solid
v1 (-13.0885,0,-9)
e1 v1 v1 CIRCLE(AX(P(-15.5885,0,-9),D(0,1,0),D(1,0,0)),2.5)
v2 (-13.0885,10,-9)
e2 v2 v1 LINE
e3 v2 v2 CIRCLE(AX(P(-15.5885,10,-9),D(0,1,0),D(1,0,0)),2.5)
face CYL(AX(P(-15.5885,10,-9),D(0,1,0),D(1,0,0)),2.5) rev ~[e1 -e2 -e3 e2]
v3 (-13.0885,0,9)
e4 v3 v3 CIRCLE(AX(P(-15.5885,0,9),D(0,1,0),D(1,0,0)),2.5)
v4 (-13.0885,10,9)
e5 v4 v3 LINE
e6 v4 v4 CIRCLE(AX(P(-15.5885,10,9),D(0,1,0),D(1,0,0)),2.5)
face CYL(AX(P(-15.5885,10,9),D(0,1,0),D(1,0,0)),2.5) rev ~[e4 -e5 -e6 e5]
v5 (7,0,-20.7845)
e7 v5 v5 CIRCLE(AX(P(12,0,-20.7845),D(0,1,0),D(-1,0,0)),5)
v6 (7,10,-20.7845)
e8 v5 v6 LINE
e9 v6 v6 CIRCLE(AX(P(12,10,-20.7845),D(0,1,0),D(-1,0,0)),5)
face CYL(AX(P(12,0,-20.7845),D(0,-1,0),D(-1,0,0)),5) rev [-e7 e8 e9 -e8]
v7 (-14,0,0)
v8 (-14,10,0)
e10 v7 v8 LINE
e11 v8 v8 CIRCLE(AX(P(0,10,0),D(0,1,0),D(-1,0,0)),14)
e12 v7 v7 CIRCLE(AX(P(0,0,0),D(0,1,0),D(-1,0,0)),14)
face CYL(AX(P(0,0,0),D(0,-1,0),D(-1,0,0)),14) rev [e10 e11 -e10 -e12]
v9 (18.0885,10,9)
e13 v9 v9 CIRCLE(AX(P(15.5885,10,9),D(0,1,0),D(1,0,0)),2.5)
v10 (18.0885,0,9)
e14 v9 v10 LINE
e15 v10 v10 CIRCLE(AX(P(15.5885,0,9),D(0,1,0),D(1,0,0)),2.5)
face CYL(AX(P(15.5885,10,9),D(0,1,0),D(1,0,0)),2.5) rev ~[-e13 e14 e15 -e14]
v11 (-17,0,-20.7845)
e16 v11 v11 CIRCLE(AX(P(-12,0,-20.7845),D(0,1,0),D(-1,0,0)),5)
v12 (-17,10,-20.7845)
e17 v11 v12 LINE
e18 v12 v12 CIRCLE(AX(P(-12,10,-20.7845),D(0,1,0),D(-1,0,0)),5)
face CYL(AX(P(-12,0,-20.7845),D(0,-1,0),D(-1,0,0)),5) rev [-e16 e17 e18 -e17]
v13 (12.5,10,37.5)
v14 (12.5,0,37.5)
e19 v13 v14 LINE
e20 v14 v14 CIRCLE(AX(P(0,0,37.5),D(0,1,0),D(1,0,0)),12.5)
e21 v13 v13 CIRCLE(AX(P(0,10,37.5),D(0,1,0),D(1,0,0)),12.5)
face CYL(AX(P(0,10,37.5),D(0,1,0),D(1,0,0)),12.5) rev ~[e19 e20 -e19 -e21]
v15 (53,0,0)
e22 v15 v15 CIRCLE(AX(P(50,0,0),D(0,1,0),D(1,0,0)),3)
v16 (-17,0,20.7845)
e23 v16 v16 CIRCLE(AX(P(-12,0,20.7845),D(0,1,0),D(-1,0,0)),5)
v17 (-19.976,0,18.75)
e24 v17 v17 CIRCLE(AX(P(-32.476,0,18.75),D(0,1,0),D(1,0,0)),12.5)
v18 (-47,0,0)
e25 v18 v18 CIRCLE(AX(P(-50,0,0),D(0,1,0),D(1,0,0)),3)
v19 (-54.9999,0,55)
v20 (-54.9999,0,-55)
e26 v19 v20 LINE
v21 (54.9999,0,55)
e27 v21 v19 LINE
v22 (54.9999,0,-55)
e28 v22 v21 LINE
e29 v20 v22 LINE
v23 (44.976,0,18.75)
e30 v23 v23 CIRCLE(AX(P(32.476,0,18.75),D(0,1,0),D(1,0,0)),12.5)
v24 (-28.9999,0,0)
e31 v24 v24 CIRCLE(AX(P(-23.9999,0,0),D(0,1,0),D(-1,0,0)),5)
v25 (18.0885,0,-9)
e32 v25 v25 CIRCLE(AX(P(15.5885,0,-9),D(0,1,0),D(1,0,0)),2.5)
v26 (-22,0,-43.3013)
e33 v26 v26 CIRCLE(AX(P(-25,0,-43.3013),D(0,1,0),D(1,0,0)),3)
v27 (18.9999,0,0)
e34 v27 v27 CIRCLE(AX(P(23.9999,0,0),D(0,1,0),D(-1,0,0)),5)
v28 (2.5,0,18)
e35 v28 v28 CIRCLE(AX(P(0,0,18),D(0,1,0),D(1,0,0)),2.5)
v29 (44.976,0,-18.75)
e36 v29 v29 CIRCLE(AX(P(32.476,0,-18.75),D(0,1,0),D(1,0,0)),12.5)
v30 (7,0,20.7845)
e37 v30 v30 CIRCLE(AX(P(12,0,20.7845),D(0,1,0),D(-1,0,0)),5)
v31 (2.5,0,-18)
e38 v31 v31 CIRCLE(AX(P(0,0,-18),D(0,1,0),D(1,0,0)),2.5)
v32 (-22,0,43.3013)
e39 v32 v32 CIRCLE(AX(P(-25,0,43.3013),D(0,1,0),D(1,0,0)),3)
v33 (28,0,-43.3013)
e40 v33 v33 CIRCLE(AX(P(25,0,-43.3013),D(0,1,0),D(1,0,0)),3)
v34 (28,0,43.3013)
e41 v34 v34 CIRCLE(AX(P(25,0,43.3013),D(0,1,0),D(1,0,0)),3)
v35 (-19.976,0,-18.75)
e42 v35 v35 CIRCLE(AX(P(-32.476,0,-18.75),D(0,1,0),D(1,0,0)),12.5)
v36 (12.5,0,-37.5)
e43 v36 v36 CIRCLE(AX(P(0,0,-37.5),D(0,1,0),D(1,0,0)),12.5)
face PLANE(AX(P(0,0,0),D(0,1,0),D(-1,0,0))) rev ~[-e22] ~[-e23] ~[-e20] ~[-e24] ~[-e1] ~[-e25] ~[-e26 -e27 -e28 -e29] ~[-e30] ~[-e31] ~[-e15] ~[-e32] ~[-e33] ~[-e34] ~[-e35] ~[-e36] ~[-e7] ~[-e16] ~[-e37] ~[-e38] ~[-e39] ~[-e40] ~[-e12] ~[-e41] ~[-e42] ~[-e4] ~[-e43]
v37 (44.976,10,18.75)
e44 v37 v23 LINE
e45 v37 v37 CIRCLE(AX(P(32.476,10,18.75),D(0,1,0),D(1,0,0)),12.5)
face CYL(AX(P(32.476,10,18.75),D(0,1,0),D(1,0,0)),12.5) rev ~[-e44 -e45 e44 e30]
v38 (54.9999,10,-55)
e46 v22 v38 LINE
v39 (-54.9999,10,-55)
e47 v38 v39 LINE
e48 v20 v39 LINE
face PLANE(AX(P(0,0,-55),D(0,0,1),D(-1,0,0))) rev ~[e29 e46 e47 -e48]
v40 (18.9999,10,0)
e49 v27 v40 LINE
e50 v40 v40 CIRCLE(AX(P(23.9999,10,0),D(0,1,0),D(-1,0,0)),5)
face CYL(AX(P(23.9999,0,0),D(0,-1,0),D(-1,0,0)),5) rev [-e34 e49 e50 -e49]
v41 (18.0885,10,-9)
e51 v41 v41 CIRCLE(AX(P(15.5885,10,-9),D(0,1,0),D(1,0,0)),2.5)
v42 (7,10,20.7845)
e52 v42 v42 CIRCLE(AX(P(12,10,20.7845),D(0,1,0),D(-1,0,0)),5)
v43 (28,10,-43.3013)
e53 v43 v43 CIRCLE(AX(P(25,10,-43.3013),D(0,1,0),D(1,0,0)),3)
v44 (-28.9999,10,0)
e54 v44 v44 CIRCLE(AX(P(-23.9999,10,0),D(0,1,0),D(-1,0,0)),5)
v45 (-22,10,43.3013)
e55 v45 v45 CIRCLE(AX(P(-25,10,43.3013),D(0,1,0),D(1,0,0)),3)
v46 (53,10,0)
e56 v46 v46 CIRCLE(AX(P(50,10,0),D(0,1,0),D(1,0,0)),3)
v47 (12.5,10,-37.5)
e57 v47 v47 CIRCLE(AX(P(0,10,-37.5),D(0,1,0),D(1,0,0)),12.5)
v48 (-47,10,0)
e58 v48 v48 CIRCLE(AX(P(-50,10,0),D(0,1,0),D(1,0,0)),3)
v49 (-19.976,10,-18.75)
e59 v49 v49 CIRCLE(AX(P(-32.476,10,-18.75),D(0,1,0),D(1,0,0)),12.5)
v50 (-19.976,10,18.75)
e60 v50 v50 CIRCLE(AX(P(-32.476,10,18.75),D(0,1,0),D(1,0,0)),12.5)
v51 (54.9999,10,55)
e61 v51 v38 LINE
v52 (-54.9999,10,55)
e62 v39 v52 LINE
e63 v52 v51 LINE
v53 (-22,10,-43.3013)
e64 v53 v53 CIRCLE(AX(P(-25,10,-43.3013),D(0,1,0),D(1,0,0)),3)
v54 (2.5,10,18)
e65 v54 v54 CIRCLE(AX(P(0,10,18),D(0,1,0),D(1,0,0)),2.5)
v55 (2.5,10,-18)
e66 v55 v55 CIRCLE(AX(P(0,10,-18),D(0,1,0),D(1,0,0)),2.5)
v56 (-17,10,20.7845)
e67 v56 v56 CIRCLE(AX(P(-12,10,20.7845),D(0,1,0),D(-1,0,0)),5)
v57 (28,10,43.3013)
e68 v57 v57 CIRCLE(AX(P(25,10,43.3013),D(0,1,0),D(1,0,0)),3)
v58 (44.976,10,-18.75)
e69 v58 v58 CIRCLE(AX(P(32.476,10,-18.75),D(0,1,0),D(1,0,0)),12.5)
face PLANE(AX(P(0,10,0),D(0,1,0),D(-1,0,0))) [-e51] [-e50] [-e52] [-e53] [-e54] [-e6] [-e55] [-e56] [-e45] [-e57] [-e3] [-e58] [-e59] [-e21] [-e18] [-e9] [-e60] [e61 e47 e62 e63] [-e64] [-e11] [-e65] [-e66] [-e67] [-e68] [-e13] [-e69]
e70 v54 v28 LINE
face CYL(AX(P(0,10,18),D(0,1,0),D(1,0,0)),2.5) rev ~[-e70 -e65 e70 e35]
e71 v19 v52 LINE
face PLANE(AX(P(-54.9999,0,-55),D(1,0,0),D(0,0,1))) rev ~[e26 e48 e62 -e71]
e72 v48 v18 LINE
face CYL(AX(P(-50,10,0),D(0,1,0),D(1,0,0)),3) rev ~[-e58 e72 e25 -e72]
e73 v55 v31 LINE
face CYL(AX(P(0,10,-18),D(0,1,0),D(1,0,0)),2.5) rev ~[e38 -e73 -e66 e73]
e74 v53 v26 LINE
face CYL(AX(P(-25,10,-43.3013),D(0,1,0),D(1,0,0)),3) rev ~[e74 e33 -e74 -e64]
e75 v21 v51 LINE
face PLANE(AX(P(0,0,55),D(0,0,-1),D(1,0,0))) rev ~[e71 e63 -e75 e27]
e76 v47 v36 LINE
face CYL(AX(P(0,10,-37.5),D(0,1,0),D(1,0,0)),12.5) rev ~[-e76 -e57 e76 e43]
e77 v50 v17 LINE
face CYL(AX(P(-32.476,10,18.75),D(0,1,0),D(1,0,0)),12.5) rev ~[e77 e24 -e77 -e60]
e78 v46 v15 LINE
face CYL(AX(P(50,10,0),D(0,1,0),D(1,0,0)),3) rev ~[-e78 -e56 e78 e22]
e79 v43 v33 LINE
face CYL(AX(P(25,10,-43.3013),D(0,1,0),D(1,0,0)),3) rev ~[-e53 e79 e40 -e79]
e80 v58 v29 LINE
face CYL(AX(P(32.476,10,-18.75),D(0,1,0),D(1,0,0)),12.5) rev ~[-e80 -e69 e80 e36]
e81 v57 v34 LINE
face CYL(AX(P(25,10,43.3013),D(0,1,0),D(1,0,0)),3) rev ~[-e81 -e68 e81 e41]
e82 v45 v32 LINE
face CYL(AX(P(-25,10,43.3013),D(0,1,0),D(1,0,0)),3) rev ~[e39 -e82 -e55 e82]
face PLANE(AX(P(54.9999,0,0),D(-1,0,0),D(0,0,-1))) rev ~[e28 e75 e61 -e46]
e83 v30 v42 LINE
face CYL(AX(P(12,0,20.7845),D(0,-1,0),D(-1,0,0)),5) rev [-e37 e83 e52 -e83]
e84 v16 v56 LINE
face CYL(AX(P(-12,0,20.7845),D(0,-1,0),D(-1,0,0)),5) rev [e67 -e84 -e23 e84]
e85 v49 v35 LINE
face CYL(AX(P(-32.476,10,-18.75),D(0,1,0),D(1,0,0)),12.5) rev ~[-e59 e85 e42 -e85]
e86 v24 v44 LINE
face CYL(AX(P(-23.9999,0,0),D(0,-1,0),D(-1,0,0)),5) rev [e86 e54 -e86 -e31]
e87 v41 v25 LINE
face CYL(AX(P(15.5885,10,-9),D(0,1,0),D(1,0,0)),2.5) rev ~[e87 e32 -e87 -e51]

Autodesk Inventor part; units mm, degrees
ref_plane "YZ Plane" through (0, 0, 0) normal (1, 0, 0) x (0, 1, 0)
ref_plane "XZ Plane" through (0, 0, 0) normal (0, 1, 0) x (-1, 0, 0)
ref_plane "XY Plane" through (0, 0, 0) normal (0, 0, 1) x (1, 0, 0)
sketch "Эскиз1" plane through (0, 0, 0) normal (0, 1, 0) x (-1, 0, 0)
  circle A0 centre (0, 0) radius 14
  circle A1 centre (0, 0) radius 24 construction
  circle A2 centre (0, 0) radius 55
  circle A3 centre (23.9999, 0) radius 5
  circle A4 centre (12, 20.7845) radius 5
  circle A5 centre (-12, 20.7845) radius 5
  circle A6 centre (-23.9999, 0) radius 5
  circle A7 centre (-12, -20.7845) radius 5
  circle A8 centre (12, -20.7845) radius 5
  line L0 (-54.9999, -55) -> (54.9999, -55)
  line L1 (54.9999, -55) -> (54.9999, 55)
  line L2 (54.9999, 55) -> (-54.9999, 55)
  line L3 (-54.9999, 55) -> (-54.9999, -55)
  line L4 (-54.9999, -55) -> (54.9999, 55) construction
  line L5 (54.9999, -55) -> (-54.9999, 55) construction
  dimension "d0" = 28
  dimension "d1" = 48
  dimension "d2" = 110
  dimension "d3" = 10
  dimension "d6" = 360
extrude "Выдавливание1" add sketch "Эскиз1" along normal blind 10
sketch "Эскиз2" plane through (0, 10, 0) normal (0, 1, 0) x (1, 0, 0)
  circle A0 centre (0, 0) radius 14 projected
  circle A1 centre (0, 37.5) radius 12.5
  circle A2 centre (-32.476, 18.75) radius 12.5
  circle A3 centre (-32.476, -18.75) radius 12.5
  circle A4 centre (0, -37.5) radius 12.5
  circle A5 centre (32.476, -18.75) radius 12.5
  circle A6 centre (32.476, 18.75) radius 12.5
  dimension "d10" = 25
  dimension "d13" = 360
  dimension "d19" = 37.5
extrude "Выдавливание2" cut sketch "Эскиз2" against normal blind 10 contours A1 | A2 | A3 | A4 | A5 | A6
sketch "Эскиз3" plane through (0, 10, 0) normal (0, 1, 0) x (1, 0, 0)
  circle A0 centre (0, 0) radius 55 projected
  circle A1 centre (0, 0) radius 14 projected
  circle A2 centre (0, 18) radius 2.5
  circle A3 centre (-15.5885, 9) radius 2.5
  circle A4 centre (-15.5885, -9) radius 2.5
  circle A5 centre (0, -18) radius 2.5
  circle A6 centre (15.5885, -9) radius 2.5
  circle A7 centre (15.5885, 9) radius 2.5
  point P0 (44.976, 18.75)
  point P1 (12.5, 37.5)
  dimension "d20" = 5
  dimension "d22" = 18
  dimension "d25" = 360
extrude "Выдавливание3" cut sketch "Эскиз3" against normal blind 10 contours A2 | A3 | A4 | A5 | A6 | A7
sketch "Эскиз4" plane through (0, 10, 0) normal (0, 1, 0) x (1, 0, 0)
  circle A0 centre (0, 0) radius 14 projected
  circle A1 centre (50, 0) radius 3
  circle A2 centre (25, 43.3013) radius 3
  circle A3 centre (-25, 43.3013) radius 3
  circle A4 centre (-50, 0) radius 3
  circle A5 centre (-25, -43.3013) radius 3
  circle A6 centre (25, -43.3013) radius 3
  dimension "d29" = 6
  dimension "d30" = 50
  dimension "d33" = 360
extrude "Выдавливание4" cut sketch "Эскиз4" against normal blind 10 contours A1 | A2 | A3 | A4 | A5 | A6
properties part number "Статор цевков"
